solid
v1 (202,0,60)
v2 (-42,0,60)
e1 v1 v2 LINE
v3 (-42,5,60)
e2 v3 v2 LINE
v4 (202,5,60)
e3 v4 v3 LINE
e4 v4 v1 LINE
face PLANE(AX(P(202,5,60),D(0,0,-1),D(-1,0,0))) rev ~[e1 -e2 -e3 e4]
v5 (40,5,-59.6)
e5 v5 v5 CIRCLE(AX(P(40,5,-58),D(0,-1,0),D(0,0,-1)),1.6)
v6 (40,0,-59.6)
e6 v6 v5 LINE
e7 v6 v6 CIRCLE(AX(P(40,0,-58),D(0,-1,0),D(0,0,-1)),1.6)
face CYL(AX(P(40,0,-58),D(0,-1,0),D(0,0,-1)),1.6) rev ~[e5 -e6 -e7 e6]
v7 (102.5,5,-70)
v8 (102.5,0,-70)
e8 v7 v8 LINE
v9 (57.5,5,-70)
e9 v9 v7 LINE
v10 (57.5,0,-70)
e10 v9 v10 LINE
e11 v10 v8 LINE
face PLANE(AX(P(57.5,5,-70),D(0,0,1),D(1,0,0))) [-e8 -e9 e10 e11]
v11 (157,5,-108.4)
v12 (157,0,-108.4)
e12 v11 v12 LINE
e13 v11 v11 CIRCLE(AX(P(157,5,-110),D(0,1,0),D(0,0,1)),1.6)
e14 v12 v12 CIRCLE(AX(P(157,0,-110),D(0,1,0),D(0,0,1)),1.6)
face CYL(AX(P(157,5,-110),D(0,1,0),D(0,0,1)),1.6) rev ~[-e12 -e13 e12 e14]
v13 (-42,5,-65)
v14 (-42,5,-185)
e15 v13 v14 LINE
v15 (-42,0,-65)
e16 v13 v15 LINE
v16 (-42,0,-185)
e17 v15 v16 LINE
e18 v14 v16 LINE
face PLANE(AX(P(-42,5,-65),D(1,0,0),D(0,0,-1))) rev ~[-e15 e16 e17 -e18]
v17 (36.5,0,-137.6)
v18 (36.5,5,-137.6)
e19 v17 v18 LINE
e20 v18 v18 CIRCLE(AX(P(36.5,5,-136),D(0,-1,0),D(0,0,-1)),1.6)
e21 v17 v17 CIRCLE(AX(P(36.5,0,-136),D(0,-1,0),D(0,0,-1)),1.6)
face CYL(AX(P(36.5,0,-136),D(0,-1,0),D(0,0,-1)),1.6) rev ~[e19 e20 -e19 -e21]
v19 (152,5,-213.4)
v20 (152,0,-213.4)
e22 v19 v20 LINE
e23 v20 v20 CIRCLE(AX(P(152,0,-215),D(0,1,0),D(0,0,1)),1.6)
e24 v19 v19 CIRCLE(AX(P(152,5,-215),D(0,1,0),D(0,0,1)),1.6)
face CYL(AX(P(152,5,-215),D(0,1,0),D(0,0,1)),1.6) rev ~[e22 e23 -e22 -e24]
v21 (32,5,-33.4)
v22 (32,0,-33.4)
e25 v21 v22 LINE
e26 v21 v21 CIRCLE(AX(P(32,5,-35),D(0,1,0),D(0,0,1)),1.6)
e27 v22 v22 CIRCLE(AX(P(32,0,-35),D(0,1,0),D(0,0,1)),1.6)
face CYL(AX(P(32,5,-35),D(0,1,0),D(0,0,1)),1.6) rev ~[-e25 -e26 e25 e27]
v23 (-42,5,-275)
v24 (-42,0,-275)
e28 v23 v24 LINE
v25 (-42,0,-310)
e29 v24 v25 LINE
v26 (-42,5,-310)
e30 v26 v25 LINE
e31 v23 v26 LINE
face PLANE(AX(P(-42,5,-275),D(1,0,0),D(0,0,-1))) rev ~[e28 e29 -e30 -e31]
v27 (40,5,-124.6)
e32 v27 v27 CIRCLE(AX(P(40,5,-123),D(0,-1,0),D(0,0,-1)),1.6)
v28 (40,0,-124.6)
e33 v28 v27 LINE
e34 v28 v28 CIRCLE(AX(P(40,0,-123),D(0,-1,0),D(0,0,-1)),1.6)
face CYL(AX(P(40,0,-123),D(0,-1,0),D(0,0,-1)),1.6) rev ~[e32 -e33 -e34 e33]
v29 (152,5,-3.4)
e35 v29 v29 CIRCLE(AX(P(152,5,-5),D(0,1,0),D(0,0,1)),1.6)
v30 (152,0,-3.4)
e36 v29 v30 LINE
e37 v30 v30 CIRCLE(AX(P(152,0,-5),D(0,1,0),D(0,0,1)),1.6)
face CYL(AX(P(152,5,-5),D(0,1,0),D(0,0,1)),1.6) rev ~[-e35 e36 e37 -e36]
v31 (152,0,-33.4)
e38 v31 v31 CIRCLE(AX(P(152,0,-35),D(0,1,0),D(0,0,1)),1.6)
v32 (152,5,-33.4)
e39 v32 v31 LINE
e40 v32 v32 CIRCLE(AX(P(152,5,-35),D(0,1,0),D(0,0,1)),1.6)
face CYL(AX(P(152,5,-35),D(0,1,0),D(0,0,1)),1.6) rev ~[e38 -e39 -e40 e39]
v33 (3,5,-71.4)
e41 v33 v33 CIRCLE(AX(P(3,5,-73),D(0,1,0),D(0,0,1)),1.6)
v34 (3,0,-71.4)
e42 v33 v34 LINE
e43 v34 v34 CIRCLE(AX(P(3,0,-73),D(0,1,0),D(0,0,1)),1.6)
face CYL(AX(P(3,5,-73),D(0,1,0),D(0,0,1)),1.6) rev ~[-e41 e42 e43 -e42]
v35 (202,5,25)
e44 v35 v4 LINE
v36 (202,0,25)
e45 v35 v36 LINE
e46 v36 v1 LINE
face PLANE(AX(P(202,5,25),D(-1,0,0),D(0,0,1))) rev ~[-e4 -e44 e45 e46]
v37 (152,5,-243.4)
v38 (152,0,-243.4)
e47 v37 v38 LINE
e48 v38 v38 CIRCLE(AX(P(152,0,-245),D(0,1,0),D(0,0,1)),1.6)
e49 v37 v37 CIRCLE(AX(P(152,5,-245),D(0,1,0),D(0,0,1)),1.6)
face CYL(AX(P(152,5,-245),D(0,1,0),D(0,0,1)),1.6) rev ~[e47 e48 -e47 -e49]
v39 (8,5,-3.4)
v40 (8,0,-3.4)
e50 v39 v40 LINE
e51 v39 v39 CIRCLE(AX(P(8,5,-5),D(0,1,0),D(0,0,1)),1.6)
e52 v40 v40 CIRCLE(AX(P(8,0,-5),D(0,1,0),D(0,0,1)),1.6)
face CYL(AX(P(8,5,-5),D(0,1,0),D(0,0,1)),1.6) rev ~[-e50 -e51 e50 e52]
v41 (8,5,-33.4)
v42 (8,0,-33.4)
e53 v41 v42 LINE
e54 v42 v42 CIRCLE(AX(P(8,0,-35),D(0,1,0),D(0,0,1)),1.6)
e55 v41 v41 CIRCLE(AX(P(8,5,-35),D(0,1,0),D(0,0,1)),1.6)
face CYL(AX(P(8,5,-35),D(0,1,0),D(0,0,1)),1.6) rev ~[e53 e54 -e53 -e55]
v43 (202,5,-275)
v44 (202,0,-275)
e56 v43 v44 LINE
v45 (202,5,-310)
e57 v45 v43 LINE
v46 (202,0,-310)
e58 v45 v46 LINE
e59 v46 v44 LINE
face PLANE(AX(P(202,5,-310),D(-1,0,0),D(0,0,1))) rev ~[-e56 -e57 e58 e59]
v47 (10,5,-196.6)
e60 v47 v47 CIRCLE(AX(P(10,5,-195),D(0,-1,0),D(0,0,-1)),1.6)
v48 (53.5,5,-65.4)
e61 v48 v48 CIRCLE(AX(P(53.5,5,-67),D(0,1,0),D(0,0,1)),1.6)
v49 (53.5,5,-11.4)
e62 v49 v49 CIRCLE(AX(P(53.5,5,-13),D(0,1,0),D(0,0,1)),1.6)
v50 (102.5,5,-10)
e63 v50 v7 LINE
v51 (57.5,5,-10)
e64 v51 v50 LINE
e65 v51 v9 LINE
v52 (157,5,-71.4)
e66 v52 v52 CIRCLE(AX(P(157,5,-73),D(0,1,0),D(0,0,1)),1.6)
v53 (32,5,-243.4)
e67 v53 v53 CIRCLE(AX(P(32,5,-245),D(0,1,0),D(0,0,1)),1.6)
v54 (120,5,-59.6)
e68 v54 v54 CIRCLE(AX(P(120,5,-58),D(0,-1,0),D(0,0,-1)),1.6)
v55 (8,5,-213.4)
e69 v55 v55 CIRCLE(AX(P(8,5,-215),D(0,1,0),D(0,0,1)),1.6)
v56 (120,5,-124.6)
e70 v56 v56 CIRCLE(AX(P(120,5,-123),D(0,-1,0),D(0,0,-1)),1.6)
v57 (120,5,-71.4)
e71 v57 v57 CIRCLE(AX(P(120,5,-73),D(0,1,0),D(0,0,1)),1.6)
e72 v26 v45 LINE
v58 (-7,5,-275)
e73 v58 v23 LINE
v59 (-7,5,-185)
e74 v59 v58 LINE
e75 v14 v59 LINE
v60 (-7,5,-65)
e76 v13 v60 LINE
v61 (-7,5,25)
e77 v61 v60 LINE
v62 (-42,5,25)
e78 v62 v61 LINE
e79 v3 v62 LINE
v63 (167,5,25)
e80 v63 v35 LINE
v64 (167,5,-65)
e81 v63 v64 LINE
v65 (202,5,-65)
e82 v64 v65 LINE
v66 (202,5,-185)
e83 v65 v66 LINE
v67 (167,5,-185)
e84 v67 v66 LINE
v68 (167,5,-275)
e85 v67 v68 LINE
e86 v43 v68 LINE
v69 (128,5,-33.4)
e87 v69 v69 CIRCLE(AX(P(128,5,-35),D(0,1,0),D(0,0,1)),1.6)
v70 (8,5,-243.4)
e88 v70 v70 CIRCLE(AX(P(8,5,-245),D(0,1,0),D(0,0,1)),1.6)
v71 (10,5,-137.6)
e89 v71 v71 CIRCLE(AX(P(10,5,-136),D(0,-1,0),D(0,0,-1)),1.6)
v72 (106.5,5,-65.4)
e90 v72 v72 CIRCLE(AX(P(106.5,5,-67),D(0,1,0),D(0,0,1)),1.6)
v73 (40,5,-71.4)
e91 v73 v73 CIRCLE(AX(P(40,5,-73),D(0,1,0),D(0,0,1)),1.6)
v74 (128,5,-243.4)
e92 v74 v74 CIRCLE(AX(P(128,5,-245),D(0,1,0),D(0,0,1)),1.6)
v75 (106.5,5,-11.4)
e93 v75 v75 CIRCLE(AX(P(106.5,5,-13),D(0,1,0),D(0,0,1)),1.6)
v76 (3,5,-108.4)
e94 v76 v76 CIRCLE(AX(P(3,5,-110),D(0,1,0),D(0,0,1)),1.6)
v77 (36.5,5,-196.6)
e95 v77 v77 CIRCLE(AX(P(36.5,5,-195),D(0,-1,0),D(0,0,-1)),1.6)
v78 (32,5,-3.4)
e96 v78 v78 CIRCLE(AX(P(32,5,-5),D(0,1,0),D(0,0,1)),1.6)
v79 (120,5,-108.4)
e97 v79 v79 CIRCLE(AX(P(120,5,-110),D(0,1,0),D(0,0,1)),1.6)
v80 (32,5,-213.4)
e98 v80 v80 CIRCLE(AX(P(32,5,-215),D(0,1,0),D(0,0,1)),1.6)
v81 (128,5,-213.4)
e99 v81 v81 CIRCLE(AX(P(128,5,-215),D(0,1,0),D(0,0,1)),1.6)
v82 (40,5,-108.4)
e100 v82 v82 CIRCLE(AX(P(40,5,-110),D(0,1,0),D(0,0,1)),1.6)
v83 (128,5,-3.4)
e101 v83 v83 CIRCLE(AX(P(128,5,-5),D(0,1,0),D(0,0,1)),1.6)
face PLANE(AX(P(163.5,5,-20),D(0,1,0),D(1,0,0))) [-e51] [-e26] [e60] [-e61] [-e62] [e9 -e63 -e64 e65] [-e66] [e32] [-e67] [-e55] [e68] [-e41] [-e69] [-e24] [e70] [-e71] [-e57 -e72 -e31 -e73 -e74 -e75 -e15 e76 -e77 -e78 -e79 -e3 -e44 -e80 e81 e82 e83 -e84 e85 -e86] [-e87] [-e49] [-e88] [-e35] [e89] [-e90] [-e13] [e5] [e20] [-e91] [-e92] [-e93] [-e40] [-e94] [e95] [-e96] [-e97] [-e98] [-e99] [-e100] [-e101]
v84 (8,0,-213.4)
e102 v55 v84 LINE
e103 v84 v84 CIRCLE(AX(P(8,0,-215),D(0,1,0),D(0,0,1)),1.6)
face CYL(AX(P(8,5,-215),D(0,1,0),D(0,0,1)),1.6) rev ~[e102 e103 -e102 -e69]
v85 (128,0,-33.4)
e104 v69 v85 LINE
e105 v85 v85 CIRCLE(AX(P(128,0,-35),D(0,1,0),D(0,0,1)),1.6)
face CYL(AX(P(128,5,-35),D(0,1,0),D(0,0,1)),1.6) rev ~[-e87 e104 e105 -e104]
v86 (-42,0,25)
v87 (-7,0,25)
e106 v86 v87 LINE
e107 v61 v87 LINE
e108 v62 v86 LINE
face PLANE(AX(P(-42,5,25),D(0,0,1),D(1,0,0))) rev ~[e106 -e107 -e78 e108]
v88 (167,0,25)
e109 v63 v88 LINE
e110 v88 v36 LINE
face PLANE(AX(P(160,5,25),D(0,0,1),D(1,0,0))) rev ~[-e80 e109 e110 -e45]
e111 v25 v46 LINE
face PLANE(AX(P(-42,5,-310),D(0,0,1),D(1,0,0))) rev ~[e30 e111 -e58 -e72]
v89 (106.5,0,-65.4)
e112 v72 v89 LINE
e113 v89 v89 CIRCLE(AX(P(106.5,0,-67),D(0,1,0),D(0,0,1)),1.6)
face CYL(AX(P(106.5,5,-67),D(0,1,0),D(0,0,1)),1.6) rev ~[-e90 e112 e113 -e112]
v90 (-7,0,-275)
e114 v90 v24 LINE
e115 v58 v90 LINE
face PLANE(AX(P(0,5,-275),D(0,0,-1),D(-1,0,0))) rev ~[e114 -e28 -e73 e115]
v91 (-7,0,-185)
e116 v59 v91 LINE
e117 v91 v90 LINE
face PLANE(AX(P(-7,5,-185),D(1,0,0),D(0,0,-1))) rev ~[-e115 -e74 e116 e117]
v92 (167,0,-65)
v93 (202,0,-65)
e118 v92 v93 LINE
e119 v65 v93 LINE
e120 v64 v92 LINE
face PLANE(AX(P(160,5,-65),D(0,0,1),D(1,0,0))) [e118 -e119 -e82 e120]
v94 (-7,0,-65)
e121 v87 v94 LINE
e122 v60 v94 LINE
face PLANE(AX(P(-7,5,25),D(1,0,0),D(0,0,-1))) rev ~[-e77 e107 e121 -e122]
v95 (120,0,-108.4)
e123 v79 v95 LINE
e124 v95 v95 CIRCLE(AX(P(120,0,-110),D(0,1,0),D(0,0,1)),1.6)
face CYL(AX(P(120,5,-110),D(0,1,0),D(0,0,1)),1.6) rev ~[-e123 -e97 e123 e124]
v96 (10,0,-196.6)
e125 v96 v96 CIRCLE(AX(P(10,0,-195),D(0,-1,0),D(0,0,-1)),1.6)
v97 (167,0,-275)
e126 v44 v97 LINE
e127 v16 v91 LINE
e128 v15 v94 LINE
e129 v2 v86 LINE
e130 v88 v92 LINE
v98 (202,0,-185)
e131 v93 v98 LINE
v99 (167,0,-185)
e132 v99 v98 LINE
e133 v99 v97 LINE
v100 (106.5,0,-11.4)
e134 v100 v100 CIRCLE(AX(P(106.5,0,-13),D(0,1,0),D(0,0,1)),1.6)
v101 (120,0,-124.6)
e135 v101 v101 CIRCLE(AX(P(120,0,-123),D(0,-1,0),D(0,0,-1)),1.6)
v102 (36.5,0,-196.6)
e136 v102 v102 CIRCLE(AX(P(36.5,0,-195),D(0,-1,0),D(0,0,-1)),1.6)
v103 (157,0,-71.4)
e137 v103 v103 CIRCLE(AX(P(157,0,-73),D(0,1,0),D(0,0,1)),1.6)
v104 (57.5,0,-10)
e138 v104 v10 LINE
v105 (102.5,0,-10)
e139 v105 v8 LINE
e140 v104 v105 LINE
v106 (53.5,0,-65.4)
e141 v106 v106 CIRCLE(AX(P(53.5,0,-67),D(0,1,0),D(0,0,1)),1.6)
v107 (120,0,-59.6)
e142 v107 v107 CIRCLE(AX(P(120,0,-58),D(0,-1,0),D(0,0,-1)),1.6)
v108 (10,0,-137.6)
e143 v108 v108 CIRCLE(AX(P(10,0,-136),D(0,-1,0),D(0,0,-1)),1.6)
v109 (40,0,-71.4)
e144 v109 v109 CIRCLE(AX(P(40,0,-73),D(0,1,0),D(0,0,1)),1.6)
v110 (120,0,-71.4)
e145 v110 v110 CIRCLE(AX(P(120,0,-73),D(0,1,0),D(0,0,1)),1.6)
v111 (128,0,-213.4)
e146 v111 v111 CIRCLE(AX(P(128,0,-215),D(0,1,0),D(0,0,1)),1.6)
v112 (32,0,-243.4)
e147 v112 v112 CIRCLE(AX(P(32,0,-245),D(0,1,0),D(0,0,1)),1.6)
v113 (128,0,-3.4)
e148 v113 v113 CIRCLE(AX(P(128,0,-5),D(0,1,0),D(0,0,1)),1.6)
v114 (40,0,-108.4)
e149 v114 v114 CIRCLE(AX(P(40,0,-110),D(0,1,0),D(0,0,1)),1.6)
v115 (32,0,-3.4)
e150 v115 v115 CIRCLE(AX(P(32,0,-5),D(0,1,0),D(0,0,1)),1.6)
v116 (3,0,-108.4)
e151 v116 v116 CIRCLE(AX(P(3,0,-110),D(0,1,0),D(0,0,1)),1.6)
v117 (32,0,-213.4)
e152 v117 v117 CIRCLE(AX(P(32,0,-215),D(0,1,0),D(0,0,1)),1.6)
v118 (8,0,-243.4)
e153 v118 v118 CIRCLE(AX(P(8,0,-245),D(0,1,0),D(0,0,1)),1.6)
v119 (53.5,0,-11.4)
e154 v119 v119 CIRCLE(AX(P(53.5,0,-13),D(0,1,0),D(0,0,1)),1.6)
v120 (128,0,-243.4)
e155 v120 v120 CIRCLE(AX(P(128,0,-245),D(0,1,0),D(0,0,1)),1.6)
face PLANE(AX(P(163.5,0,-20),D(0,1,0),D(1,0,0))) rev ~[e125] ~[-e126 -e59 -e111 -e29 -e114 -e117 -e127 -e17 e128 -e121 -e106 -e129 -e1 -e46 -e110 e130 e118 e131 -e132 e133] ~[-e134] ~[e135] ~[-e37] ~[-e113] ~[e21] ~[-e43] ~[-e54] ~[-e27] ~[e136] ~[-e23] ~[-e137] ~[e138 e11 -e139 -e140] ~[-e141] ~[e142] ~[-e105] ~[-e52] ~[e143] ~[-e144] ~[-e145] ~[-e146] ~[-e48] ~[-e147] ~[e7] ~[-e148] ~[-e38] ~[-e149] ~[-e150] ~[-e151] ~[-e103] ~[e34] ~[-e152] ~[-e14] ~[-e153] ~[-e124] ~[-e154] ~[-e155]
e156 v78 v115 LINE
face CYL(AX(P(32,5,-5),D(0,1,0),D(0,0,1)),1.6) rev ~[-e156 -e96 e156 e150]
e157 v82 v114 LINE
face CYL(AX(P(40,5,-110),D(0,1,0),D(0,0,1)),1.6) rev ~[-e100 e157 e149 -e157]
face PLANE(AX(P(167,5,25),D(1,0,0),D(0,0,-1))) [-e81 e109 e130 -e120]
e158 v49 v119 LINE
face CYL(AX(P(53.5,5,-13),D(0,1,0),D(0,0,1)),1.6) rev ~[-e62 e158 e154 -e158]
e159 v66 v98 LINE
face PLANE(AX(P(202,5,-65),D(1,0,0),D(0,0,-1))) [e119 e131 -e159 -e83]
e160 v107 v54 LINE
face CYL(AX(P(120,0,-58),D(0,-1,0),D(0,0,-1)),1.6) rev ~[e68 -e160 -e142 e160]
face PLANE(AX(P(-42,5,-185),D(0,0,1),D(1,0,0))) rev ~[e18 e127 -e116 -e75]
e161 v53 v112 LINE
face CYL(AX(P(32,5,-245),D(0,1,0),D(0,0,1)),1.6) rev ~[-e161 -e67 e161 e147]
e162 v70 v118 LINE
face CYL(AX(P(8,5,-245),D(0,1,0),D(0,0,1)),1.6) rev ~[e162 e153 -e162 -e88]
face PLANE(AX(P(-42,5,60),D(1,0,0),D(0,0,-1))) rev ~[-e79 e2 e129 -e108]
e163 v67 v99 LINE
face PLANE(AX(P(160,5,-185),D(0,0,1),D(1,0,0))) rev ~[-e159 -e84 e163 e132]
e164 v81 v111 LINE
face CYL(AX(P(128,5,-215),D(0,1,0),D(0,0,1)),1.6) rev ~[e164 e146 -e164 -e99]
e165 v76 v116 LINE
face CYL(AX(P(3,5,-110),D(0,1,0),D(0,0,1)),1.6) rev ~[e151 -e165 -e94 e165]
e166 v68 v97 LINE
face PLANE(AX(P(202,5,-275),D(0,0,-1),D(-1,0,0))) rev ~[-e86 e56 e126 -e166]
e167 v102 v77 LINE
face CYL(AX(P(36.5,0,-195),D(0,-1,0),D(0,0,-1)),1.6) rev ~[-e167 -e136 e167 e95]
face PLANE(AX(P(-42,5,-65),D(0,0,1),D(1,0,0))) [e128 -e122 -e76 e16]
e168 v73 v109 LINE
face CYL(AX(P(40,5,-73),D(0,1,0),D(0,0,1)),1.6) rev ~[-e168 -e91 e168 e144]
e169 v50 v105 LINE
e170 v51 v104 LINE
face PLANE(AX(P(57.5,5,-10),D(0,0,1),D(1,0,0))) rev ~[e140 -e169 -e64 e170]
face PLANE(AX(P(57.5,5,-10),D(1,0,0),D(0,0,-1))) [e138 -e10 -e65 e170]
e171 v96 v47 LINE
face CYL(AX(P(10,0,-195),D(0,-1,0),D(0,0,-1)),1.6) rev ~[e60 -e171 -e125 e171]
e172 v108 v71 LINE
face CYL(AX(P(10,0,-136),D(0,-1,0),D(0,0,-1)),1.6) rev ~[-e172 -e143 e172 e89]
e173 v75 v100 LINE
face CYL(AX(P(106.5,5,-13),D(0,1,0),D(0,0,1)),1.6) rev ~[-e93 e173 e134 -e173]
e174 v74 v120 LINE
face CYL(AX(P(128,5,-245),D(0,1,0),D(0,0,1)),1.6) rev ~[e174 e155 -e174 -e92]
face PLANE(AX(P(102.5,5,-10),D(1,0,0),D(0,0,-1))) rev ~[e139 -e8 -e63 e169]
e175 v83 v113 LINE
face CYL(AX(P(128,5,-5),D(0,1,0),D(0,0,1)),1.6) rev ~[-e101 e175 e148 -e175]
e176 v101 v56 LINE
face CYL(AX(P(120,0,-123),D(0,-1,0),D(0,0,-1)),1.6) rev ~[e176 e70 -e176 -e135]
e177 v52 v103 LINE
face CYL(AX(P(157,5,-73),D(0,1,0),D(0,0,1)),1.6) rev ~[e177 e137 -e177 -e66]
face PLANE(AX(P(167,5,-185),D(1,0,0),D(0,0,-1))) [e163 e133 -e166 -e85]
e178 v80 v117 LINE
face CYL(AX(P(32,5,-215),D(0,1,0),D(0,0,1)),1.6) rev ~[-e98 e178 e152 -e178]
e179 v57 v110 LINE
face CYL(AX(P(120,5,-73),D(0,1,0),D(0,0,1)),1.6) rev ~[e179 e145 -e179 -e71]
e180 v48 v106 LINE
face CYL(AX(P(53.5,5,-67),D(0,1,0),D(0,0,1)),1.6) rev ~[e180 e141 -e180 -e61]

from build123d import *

# Parameters (mm, degrees)
SKETCH_2_W             = 160
SKETCH_2_H             = 250
EXTRUDE_295_DEPTH      = 5
SKETCH_6_R             = 1.6
CUT_EXTRUDE_1846_DEPTH = 297.858552176
SKETCH_7_R             = 1.6
L298N_DEPTH            = 297.858552176
SKETCH_9_R             = 1.6
CUT_EXTRUDE_3042_DEPTH = 10
SKETCH_10_R            = 1.6
CUT_EXTRUDE_3635_DEPTH = 297.858552176
SKETCH_11_W            = 45
SKETCH_11_H            = 60
CUT_EXTRUDE_2560_DEPTH = 297.858552176
SKETCH_12_R            = 1.6
CUT_EXTRUDE_2_DEPTH    = 297.858552176
EXTRUDE_1_DEPTH        = 5
SKETCH_14_W            = 42
SKETCH_14_H            = 120
EXTRUDE_2_DEPTH        = 5
SKETCH_15_W            = 7
SKETCH_15_H            = 90
EXTRUDE_3_DEPTH        = 5


with BuildPart() as part:
    # 草图2 → Extrude 295 (new body)
    with BuildSketch(Plane(origin=(0, 0, 0), x_dir=(1, 0, 0), z_dir=(0, 1, 0))):
        with Locations((80, 125)):
            Rectangle(SKETCH_2_W, SKETCH_2_H)
    extrude(amount=EXTRUDE_295_DEPTH)

    # 草图6 → Cut-Extrude 1846 (cut, through all)
    with BuildSketch(Plane(origin=(0, 5, 0), x_dir=(1, 0, 0), z_dir=(0, 1, 0))):
        with Locations(Location((8, 245, 0), (0, 0, 270))):
            Circle(SKETCH_6_R)
        with Locations(Location((32, 245, 0), (0, 0, 270))):
            Circle(SKETCH_6_R)
        with Locations(Location((8, 215, 0), (0, 0, 270))):
            Circle(SKETCH_6_R)
        with Locations(Location((32, 215, 0), (0, 0, 270))):
            Circle(SKETCH_6_R)
        with Locations(Location((128, 245, 0), (0, 0, 270))):
            Circle(SKETCH_6_R)
        with Locations(Location((152, 245, 0), (0, 0, 270))):
            Circle(SKETCH_6_R)
        with Locations(Location((128, 215, 0), (0, 0, 270))):
            Circle(SKETCH_6_R)
        with Locations(Location((152, 215, 0), (0, 0, 270))):
            Circle(SKETCH_6_R)
        with Locations(Location((32, 35, 0), (0, 0, 270))):
            Circle(SKETCH_6_R)
        with Locations(Location((8, 35, 0), (0, 0, 270))):
            Circle(SKETCH_6_R)
        with Locations(Location((8, 5, 0), (0, 0, 270))):
            Circle(SKETCH_6_R)
        with Locations(Location((32, 5, 0), (0, 0, 270))):
            Circle(SKETCH_6_R)
        with Locations(Location((128, 35, 0), (0, 0, 270))):
            Circle(SKETCH_6_R)
        with Locations(Location((152, 35, 0), (0, 0, 270))):
            Circle(SKETCH_6_R)
        with Locations(Location((128, 5, 0), (0, 0, 270))):
            Circle(SKETCH_6_R)
        with Locations(Location((152, 5, 0), (0, 0, 270))):
            Circle(SKETCH_6_R)
    extrude(amount=-CUT_EXTRUDE_1846_DEPTH, mode=Mode.SUBTRACT)

    # 草图7 → L298N固定 (cut, through all)
    with BuildSketch(Plane(origin=(0, 5, 0), x_dir=(1, 0, 0), z_dir=(0, 1, 0))):
        with Locations(Location((3, 110, 0), (0, 0, 270))):
            Circle(SKETCH_7_R)
        with Locations(Location((40, 73, 0), (0, 0, 270))):
            Circle(SKETCH_7_R)
        with Locations(Location((3, 73, 0), (0, 0, 270))):
            Circle(SKETCH_7_R)
        with Locations(Location((40, 110, 0), (0, 0, 270))):
            Circle(SKETCH_7_R)
        with Locations(Location((120, 110, 0), (0, 0, 270))):
            Circle(SKETCH_7_R)
        with Locations(Location((157, 73, 0), (0, 0, 270))):
            Circle(SKETCH_7_R)
        with Locations(Location((120, 73, 0), (0, 0, 270))):
            Circle(SKETCH_7_R)
        with Locations(Location((157, 110, 0), (0, 0, 270))):
            Circle(SKETCH_7_R)
    extrude(amount=-L298N_DEPTH, mode=Mode.SUBTRACT)

    # 草图9 → Cut-Extrude 3042 (cut)
    with BuildSketch(Plane.XZ):
        with Locations(Location((36.5, -195, 0), (0, 0, 270))):
            Circle(SKETCH_9_R)
        with Locations(Location((10, -136, 0), (0, 0, 270))):
            Circle(SKETCH_9_R)
        with Locations(Location((10, -195, 0), (0, 0, 270))):
            Circle(SKETCH_9_R)
        with Locations(Location((36.5, -136, 0), (0, 0, 270))):
            Circle(SKETCH_9_R)
    extrude(amount=-CUT_EXTRUDE_3042_DEPTH, mode=Mode.SUBTRACT)

    # 草图10 → Cut-Extrude 3635 (cut, through all)
    with BuildSketch(Plane.XZ):
        with Locations(Location((40, -123, 0), (0, 0, 270))):
            Circle(SKETCH_10_R)
        with Locations(Location((120, -123, 0), (0, 0, 270))):
            Circle(SKETCH_10_R)
        with Locations(Location((40, -58, 0), (0, 0, 270))):
            Circle(SKETCH_10_R)
        with Locations(Location((120, -58, 0), (0, 0, 270))):
            Circle(SKETCH_10_R)
    extrude(amount=-CUT_EXTRUDE_3635_DEPTH, mode=Mode.SUBTRACT)

    # 草图11 → Cut-Extrude 2560 (cut, through all)
    with BuildSketch(Plane(origin=(0, 5, 0), x_dir=(1, 0, 0), z_dir=(0, 1, 0))):
        with Locations((80, 40)):
            Rectangle(SKETCH_11_W, SKETCH_11_H)
    extrude(amount=-CUT_EXTRUDE_2560_DEPTH, mode=Mode.SUBTRACT)

    # 草图12 → 切除-拉伸2 (cut, through all)
    with BuildSketch(Plane(origin=(0, 5, 0), x_dir=(1, 0, 0), z_dir=(0, 1, 0))):
        with Locations(Location((106.5, 13, 0), (0, 0, 270))):
            Circle(SKETCH_12_R)
        with Locations(Location((53.5, 67, 0), (0, 0, 270))):
            Circle(SKETCH_12_R)
        with Locations(Location((106.5, 67, 0), (0, 0, 270))):
            Circle(SKETCH_12_R)
        with Locations(Location((53.5, 13, 0), (0, 0, 270))):
            Circle(SKETCH_12_R)
    extrude(amount=-CUT_EXTRUDE_2_DEPTH, mode=Mode.SUBTRACT)

    # 草图13 → 凸台-拉伸1 (add)
    with BuildSketch(Plane(origin=(0, 5, 0), x_dir=(1, 0, 0), z_dir=(0, 1, 0))):
        Polygon((202, -60), (-42, -60), (-42, -25), (0, -25), (0, 0), (160, 0), (160, -25), (202, -25), align=None)
        Polygon((202, 275), (160, 275), (160, 250), (0, 250), (0, 275), (-42, 275), (-42, 310), (202, 310), align=None)
    extrude(amount=-EXTRUDE_1_DEPTH)

    # 草图14 → 凸台-拉伸2 (add)
    with BuildSketch(Plane(origin=(0, 5, 0), x_dir=(1, 0, 0), z_dir=(0, 1, 0))):
        with Locations((181, 125)):
            Rectangle(SKETCH_14_W, SKETCH_14_H)
        with Locations((-21, 125)):
            Rectangle(SKETCH_14_W, SKETCH_14_H)
    extrude(amount=-EXTRUDE_2_DEPTH)

    # 草图15 → 凸台-拉伸3 (add)
    with BuildSketch(Plane(origin=(0, 5, 0), x_dir=(1, 0, 0), z_dir=(0, 1, 0))):
        with Locations((163.5, 20)):
            Rectangle(SKETCH_15_W, SKETCH_15_H)
        with Locations((163.5, 230)):
            Rectangle(SKETCH_15_W, SKETCH_15_H)
        with Locations((-3.5, 20)):
            Rectangle(SKETCH_15_W, SKETCH_15_H)
        with Locations((-3.5, 230)):
            Rectangle(SKETCH_15_W, SKETCH_15_H)
    extrude(amount=-EXTRUDE_3_DEPTH)


solid = part.part
